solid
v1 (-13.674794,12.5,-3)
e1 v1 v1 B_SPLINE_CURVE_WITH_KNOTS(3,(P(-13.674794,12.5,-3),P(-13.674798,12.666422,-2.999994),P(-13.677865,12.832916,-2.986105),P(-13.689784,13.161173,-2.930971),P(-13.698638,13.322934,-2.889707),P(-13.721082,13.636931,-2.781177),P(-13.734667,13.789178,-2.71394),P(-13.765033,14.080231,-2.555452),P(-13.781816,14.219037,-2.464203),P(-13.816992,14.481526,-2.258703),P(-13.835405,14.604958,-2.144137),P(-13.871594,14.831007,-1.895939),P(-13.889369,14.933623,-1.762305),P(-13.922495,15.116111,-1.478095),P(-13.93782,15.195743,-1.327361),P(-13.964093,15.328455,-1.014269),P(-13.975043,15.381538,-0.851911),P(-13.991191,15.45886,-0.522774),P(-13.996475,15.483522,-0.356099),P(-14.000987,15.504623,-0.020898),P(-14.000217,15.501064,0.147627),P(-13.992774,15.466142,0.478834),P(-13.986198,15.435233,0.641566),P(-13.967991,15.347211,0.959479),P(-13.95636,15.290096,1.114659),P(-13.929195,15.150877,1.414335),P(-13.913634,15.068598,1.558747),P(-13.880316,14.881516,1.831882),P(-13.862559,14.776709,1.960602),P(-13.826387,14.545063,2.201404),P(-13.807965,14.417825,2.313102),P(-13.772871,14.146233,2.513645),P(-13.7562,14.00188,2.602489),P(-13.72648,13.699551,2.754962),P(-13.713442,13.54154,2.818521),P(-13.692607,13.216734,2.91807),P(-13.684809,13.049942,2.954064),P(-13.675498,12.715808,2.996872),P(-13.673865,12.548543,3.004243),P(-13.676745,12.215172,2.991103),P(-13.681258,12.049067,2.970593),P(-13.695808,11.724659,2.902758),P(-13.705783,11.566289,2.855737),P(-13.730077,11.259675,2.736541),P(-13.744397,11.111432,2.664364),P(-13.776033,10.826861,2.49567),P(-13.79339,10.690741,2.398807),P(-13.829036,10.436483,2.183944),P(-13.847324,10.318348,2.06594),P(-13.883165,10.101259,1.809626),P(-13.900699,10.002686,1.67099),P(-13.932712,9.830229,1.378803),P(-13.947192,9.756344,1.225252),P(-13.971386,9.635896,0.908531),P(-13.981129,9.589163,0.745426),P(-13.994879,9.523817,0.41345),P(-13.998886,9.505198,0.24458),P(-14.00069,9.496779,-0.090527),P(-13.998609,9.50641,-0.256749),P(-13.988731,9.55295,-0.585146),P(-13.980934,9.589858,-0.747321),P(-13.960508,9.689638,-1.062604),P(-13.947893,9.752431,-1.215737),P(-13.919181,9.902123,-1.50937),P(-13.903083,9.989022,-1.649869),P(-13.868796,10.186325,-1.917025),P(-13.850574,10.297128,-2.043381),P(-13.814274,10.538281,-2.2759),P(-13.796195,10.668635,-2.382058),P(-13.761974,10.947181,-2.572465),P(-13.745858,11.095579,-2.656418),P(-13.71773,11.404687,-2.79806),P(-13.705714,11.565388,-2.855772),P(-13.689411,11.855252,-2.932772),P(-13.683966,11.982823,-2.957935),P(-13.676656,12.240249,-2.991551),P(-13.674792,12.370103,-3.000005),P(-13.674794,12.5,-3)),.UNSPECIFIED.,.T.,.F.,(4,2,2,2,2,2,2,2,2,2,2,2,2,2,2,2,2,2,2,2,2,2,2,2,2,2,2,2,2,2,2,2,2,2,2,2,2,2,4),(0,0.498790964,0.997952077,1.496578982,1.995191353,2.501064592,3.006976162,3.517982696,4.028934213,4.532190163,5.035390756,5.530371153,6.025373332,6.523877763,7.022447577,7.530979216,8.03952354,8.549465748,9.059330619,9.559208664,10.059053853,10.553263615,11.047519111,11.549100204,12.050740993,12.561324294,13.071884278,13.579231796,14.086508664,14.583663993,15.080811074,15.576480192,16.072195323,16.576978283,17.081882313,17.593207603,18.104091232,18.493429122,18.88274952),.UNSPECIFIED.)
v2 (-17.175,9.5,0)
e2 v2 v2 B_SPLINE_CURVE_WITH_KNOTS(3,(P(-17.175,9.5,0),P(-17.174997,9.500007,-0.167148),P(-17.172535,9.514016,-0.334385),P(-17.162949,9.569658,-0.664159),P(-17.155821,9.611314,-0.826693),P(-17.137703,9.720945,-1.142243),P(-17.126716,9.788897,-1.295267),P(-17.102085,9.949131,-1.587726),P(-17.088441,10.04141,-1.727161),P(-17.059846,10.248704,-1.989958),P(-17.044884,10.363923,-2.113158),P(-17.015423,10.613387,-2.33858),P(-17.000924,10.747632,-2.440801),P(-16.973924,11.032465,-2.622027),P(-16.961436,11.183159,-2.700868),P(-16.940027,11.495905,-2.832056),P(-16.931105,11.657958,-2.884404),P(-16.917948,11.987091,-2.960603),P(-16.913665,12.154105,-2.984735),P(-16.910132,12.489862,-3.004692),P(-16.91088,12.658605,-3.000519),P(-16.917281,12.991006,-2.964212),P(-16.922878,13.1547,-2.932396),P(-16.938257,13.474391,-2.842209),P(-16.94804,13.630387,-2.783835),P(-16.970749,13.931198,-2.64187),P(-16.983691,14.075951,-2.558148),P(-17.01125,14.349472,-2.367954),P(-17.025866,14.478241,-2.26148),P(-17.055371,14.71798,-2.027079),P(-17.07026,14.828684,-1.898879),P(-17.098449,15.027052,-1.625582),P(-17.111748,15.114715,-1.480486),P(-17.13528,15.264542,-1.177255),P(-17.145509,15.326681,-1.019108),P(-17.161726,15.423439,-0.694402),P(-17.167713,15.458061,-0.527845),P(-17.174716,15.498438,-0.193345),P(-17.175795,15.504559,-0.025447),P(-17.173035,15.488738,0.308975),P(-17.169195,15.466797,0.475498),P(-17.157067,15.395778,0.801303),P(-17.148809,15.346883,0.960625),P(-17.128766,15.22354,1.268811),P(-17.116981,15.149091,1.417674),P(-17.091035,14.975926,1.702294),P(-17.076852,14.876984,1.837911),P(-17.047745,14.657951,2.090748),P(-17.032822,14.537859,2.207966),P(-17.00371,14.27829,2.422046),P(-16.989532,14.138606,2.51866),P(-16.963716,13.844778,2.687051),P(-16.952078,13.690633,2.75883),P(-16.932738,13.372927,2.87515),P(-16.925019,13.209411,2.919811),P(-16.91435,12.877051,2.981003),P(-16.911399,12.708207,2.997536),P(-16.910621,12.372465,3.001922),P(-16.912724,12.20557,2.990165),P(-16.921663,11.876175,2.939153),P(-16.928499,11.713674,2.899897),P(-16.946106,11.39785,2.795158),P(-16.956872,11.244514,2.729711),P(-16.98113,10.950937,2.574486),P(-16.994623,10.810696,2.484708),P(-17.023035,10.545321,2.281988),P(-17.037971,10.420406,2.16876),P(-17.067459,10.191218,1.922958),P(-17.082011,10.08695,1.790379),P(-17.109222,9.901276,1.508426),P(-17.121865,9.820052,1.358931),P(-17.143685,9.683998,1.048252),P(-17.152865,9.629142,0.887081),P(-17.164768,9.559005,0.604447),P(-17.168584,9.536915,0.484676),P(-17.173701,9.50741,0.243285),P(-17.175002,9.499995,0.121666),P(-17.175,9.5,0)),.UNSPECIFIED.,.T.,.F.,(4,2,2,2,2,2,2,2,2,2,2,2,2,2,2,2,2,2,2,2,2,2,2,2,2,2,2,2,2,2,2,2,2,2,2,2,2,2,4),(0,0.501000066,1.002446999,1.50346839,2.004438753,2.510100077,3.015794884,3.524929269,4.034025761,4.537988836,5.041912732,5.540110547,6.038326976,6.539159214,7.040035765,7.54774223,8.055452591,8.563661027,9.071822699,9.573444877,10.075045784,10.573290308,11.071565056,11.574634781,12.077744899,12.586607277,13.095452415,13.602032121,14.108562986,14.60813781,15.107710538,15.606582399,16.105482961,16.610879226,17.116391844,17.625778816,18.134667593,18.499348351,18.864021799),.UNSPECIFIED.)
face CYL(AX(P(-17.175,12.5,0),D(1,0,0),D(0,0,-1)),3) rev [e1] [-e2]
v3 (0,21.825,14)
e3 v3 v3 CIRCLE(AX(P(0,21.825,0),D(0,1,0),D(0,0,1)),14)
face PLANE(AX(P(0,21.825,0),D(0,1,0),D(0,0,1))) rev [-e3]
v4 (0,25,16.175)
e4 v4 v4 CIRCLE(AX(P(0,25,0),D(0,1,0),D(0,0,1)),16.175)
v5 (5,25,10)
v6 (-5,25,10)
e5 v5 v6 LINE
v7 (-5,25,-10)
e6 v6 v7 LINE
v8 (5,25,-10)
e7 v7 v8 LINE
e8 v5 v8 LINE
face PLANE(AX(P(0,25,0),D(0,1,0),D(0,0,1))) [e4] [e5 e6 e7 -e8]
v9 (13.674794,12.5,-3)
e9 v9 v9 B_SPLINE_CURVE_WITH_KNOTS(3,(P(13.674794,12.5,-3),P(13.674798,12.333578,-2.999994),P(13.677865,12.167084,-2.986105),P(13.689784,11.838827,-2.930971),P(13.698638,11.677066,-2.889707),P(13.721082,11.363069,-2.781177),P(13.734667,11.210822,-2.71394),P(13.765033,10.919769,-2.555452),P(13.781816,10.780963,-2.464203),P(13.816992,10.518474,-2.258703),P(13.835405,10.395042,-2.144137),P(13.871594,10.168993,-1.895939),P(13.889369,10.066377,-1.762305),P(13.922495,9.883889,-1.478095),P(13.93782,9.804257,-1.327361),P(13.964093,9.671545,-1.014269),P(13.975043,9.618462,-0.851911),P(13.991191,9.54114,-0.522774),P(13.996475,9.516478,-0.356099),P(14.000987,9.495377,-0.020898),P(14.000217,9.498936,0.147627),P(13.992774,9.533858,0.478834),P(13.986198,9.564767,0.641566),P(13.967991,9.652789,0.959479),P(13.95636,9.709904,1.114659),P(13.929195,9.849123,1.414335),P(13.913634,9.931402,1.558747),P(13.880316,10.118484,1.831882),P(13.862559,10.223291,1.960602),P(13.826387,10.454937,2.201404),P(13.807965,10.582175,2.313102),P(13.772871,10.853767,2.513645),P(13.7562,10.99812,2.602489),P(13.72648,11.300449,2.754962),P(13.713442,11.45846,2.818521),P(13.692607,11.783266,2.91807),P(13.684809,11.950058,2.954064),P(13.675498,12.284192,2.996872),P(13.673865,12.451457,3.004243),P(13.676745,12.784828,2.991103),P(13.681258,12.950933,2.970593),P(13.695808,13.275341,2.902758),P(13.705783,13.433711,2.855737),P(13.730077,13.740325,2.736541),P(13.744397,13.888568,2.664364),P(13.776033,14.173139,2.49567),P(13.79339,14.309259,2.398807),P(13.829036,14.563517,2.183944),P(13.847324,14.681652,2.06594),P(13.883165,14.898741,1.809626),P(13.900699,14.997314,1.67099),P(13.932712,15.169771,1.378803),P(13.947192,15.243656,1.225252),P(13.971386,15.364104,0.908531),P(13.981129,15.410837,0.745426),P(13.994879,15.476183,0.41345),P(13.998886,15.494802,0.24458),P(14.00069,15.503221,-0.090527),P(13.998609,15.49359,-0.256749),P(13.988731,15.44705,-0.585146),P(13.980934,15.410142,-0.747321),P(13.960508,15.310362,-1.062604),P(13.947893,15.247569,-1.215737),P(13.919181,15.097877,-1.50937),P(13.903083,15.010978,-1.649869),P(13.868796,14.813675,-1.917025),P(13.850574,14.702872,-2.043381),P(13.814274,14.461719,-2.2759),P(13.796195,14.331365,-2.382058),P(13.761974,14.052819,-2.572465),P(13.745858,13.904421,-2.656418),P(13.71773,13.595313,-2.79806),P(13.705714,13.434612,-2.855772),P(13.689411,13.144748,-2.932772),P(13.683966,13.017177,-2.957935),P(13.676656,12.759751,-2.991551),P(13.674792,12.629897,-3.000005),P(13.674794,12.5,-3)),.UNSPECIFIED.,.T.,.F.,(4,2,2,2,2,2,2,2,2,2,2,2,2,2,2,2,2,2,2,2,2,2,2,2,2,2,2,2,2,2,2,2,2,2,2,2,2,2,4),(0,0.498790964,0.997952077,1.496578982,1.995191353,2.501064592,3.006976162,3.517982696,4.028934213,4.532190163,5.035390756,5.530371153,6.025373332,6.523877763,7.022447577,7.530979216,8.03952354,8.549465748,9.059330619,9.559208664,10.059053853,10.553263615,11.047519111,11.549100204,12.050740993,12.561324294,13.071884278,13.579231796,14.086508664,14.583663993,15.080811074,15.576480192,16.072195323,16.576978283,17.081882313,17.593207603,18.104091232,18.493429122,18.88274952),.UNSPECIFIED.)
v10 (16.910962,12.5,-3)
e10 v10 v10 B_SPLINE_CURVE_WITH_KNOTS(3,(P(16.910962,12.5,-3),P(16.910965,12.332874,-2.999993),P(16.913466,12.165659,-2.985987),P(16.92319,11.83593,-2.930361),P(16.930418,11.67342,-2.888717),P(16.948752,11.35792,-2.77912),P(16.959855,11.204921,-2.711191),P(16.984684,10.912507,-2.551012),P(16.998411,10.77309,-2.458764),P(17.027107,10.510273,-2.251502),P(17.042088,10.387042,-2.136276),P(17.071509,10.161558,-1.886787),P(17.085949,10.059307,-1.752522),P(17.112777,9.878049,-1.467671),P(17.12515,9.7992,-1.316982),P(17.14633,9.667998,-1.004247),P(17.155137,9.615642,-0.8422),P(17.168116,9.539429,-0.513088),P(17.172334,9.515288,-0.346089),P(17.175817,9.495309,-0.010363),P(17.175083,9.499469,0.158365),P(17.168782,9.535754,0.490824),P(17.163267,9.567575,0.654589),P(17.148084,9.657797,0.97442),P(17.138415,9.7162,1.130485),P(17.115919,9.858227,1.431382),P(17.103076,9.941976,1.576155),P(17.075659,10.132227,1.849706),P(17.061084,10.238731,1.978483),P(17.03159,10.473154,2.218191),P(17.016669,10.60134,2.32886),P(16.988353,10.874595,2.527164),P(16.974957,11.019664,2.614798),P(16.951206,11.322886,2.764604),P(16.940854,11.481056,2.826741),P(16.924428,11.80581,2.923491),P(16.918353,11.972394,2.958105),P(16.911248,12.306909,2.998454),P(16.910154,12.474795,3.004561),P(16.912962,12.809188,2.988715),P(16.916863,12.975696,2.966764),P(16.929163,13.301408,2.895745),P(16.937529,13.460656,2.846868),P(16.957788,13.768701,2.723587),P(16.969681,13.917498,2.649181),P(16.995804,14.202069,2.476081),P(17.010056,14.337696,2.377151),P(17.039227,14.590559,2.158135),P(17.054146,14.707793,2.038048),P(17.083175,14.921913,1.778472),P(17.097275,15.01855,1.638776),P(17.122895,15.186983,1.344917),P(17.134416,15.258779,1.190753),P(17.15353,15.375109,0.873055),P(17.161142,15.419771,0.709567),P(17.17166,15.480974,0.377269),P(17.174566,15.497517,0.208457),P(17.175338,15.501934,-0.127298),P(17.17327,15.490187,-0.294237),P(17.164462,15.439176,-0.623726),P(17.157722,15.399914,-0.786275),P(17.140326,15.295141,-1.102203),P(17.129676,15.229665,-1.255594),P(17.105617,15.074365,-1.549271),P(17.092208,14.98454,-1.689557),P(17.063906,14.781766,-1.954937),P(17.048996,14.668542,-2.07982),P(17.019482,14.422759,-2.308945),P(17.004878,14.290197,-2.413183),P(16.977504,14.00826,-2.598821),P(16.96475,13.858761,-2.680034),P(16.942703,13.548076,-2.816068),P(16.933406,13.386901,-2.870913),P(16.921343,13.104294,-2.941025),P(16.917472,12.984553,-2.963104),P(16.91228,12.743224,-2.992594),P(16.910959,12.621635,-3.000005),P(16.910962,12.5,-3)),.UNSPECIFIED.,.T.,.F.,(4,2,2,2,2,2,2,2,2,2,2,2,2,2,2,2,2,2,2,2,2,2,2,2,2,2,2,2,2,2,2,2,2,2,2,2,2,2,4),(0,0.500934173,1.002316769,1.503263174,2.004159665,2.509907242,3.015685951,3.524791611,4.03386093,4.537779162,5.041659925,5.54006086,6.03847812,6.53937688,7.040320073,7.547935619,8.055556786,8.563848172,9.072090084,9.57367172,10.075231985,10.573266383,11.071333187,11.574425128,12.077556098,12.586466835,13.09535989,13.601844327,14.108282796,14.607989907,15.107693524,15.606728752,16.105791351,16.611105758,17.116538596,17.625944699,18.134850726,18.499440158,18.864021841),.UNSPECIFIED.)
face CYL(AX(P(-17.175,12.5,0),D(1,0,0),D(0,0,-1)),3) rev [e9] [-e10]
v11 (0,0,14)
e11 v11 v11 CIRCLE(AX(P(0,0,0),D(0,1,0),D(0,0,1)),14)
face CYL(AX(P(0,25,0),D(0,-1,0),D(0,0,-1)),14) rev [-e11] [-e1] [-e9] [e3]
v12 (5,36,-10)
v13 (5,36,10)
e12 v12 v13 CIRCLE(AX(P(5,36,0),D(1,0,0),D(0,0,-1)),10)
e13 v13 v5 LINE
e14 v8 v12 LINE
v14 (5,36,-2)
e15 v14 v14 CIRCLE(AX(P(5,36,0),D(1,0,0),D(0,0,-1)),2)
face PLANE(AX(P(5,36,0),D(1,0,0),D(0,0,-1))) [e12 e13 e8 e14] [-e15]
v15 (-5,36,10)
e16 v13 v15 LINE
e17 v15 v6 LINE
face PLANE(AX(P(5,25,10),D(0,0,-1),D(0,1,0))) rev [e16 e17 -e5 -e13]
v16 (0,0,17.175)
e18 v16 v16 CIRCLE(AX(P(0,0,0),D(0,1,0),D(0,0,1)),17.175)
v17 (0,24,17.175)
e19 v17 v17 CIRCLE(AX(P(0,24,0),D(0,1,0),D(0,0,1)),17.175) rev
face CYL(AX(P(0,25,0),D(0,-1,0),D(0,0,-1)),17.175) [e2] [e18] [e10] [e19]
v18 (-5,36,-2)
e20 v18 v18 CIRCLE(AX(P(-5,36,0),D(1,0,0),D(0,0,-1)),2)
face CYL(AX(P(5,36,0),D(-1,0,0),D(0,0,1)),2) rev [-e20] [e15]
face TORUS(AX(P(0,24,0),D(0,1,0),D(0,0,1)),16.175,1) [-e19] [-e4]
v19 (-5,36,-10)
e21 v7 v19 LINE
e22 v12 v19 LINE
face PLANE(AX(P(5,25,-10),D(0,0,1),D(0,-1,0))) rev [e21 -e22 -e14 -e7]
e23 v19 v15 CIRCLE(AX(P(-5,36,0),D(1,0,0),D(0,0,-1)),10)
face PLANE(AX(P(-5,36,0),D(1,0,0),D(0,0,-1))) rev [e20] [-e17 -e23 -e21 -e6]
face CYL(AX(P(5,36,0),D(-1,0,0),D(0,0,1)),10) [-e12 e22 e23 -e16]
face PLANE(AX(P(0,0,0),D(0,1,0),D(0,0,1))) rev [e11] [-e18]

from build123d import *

# Parameters (mm, degrees)
SKETCH1_R               = 17.175
BOSS_EXTRUDE2_DEPTH     = 25
SHELL1_T                = -3.175
SKETCH3_R               = 3
CUT_EXTRUDE1_DEPTH      = 35.856294267
CUT_EXTRUDE1_DEPTH_BACK = 35.856294267
SKETCH5_R               = 2
BOSS_EXTRUDE3_DEPTH     = 5
FILLET1_R               = 1


with BuildPart() as part:
    # Sketch1 → Boss-Extrude2 (new body)
    with BuildSketch(Plane(origin=(0, 0, 0), x_dir=(1, 0, 0), z_dir=(0, 1, 0))):
        with Locations(Location((0, 0, 0), (0, 0, 270))):
            Circle(SKETCH1_R)
    extrude(amount=BOSS_EXTRUDE2_DEPTH)

    # Shell1
    shell1_openings = [part.faces().sort_by_distance(p)[0] for p in [
        (0, 0, 0),
    ]]
    offset(amount=SHELL1_T, openings=shell1_openings, kind=Kind.INTERSECTION)

    # Sketch3 → Cut-Extrude1 (cut, two sides)
    with BuildSketch(Plane(origin=(0, 0, 0), x_dir=(0, 0, -1), z_dir=(1, 0, 0))) as cut_extrude1_sk:
        with Locations((0, 12.5)):
            Circle(SKETCH3_R)
    extrude(amount=CUT_EXTRUDE1_DEPTH, mode=Mode.SUBTRACT)
    extrude(cut_extrude1_sk.sketch, amount=-CUT_EXTRUDE1_DEPTH_BACK, mode=Mode.SUBTRACT)

    # Sketch5 → Boss-Extrude3 (add, symmetric)
    with BuildSketch(Plane(origin=(0, 0, 0), x_dir=(0, 0, -1), z_dir=(1, 0, 0))):
        with BuildLine():
            Line((-10, 36), (-10, 25))
            Line((-10, 25), (-10, 24.25))
            Line((-10, 24.25), (10, 24.25))
            Line((10, 24.25), (10, 25))
            Line((10, 25), (10, 36))
            ThreePointArc((10, 36), (0, 46), (-10, 36))
        make_face()
        with Locations((0, 36)):
            Circle(SKETCH5_R, mode=Mode.SUBTRACT)
    extrude(amount=BOSS_EXTRUDE3_DEPTH, both=True)

    # Fillet1
    fillet1_edges = [part.edges().sort_by_distance(p)[0] for p in [
        (0, 25, -17.175),
    ]]
    fillet(fillet1_edges, radius=FILLET1_R)


solid = part.part
